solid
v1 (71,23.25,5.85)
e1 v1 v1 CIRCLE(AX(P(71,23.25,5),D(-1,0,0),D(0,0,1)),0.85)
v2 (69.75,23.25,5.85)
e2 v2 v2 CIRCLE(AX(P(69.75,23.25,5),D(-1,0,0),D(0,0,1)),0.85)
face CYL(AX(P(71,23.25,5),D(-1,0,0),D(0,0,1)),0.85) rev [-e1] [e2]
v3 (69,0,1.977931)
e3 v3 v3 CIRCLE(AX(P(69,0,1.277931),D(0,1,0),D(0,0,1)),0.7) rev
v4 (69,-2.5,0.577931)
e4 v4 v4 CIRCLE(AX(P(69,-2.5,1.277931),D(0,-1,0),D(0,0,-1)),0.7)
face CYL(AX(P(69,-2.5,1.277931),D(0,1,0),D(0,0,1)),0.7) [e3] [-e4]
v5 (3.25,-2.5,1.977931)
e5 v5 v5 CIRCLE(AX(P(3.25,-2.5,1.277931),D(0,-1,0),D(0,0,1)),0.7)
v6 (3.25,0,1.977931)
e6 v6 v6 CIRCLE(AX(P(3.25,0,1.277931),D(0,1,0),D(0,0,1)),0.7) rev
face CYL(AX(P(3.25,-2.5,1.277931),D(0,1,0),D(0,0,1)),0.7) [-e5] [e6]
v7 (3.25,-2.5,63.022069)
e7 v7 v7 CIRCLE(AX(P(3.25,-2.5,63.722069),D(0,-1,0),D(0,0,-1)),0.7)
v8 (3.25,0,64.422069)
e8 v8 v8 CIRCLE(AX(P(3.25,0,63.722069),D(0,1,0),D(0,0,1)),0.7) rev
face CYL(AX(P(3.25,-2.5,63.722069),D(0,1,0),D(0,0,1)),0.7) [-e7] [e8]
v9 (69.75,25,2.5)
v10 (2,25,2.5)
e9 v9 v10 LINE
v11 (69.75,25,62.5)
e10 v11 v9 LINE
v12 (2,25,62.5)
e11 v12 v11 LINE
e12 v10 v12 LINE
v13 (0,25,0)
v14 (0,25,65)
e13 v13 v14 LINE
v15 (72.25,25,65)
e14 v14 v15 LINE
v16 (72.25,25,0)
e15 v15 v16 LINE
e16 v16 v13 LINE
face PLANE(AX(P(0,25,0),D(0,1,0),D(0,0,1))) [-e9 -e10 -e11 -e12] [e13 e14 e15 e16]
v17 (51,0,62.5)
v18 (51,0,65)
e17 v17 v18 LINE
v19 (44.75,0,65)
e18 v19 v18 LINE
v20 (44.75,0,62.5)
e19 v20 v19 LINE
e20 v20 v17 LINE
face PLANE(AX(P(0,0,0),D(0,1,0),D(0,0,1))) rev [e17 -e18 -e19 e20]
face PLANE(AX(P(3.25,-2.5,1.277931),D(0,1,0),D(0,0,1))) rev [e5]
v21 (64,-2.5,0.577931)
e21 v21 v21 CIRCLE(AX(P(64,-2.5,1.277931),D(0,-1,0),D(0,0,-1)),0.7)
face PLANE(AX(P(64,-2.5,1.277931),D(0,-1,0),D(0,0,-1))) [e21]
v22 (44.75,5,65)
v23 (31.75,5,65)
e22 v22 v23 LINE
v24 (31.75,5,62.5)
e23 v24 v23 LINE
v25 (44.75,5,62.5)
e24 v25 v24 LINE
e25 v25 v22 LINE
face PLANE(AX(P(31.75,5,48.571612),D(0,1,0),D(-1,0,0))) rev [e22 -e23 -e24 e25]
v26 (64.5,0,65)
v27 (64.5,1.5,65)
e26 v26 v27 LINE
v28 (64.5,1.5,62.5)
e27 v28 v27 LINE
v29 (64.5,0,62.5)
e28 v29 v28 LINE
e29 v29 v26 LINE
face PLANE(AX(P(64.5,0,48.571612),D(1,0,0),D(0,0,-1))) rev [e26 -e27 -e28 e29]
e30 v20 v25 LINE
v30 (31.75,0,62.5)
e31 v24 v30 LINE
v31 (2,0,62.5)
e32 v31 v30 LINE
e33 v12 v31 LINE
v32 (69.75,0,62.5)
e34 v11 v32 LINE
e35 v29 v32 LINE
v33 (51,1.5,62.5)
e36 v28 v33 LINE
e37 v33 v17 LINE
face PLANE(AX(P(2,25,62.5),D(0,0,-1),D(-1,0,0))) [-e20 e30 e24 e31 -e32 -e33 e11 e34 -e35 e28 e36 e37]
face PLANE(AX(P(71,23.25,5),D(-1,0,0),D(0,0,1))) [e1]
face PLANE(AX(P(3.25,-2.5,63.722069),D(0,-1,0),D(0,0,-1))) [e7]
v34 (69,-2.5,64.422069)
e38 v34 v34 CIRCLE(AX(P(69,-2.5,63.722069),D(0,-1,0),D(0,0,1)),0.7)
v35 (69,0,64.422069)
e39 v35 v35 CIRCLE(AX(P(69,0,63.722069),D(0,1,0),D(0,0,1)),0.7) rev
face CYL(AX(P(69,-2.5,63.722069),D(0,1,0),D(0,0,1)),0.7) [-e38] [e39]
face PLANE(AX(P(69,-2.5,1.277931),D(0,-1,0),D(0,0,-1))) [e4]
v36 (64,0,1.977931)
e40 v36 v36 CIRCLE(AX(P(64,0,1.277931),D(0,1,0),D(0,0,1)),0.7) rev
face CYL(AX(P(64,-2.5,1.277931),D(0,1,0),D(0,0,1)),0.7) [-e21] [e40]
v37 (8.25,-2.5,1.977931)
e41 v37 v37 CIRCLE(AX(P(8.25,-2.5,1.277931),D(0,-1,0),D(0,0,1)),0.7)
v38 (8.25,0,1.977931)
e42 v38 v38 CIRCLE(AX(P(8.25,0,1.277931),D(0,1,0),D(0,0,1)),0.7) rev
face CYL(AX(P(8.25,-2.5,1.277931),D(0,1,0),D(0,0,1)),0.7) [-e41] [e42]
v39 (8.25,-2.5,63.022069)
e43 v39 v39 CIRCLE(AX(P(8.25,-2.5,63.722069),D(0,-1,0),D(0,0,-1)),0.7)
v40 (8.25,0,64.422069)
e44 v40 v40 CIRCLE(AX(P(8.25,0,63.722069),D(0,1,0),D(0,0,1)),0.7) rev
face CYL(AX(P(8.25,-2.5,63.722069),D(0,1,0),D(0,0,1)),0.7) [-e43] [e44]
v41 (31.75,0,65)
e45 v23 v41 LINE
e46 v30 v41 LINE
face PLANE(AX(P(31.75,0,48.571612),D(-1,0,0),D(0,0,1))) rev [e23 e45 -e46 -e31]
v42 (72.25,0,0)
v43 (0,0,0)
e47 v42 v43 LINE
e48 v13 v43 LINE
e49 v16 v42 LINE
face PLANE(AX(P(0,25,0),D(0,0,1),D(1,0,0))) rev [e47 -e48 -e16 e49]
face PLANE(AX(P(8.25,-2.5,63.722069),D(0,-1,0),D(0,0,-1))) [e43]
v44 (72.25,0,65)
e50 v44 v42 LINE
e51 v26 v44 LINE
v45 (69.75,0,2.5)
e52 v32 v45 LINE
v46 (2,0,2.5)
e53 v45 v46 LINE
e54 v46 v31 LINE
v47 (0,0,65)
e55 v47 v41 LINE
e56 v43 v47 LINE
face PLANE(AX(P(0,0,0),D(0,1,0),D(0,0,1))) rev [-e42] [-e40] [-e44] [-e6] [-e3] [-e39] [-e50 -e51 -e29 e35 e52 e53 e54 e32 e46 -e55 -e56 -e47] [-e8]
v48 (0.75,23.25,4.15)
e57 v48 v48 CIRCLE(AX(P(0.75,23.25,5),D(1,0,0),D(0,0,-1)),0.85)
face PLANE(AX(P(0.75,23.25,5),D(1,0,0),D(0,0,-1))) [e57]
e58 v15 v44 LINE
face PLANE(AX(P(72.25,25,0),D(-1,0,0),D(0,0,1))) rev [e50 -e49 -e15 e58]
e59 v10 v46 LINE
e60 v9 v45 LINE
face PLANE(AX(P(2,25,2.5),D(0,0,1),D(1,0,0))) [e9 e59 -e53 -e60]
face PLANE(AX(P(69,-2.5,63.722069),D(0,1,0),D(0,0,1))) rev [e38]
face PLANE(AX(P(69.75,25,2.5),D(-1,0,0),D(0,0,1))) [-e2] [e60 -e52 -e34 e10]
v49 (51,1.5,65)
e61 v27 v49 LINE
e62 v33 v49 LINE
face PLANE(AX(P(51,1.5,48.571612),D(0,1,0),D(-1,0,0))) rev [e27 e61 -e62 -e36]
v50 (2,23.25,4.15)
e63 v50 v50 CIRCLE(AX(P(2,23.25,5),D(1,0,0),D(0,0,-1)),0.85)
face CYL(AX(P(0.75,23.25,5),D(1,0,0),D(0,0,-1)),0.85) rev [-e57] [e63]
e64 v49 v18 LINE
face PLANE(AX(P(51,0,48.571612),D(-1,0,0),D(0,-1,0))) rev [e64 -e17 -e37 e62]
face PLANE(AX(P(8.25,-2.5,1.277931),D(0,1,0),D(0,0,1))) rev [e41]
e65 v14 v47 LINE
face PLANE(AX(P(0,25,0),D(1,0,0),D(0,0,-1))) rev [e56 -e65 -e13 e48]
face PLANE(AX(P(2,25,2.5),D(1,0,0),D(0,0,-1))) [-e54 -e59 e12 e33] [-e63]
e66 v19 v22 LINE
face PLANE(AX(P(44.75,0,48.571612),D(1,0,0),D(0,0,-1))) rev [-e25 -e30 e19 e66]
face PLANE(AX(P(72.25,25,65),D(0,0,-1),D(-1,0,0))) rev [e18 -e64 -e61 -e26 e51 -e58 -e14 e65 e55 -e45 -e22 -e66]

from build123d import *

# Parameters (mm, degrees)
SKETCH1_W           = 72.25
SKETCH1_H           = 65
SKETCH1_W_2         = 67.75
SKETCH1_H_2         = 60
BOSS_EXTRUDE1_DEPTH = 25
SKETCH2_W           = 13
SKETCH2_H           = 5
SKETCH2_W_2         = 13.5
SKETCH2_H_2         = 1.5
CUT_EXTRUDE1_DEPTH  = 2.5
SKETCH5_R           = 0.7
BOSS_EXTRUDE2_DEPTH = 2.5
SKETCH7_R           = 0.85
CUT_EXTRUDE3_DEPTH  = 1.25
CUT_EXTRUDE4_START  = -1.25
SKETCH8_R           = 0.85
CUT_EXTRUDE4_DEPTH  = 1.25


with BuildPart() as part:
    # Sketch1 → Boss-Extrude1 (new body)
    with BuildSketch(Plane(origin=(0, 0, 0), x_dir=(1, 0, 0), z_dir=(0, 1, 0))):
        with Locations((36.125, -32.5)):
            Rectangle(SKETCH1_W, SKETCH1_H)
        with Locations((35.875, -32.5)):
            Rectangle(SKETCH1_W_2, SKETCH1_H_2, mode=Mode.SUBTRACT)
    extrude(amount=BOSS_EXTRUDE1_DEPTH)

    # Sketch2 → Cut-Extrude1 (cut)
    with BuildSketch(Plane.XY.offset(65)):
        with Locations((38.25, 2.5)):
            Rectangle(SKETCH2_W, SKETCH2_H)
        with Locations((57.75, 0.75)):
            Rectangle(SKETCH2_W_2, SKETCH2_H_2)
    extrude(amount=-CUT_EXTRUDE1_DEPTH, mode=Mode.SUBTRACT)

    # Sketch5 → Boss-Extrude2 (add)
    with BuildSketch(Plane.XZ):
        with Locations(Location((3.25, 63.722069184, 0), (0, 0, 90))):
            Circle(SKETCH5_R)
        with Locations(Location((8.25, 63.722069184, 0), (0, 0, 90))):
            Circle(SKETCH5_R)
        with Locations(Location((3.25, 1.277930816, 0), (0, 0, 90))):
            Circle(SKETCH5_R)
        with Locations(Location((8.25, 1.277930816, 0), (0, 0, 90))):
            Circle(SKETCH5_R)
        with Locations(Location((69, 63.722069184, 0), (0, 0, 90))):
            Circle(SKETCH5_R)
        with Locations(Location((69, 1.277930816, 0), (0, 0, 90))):
            Circle(SKETCH5_R)
        with Locations(Location((64, 1.277930816, 0), (0, 0, 90))):
            Circle(SKETCH5_R)
    extrude(amount=BOSS_EXTRUDE2_DEPTH)

    # Sketch7 → Cut-Extrude3 (cut)
    with BuildSketch(Plane.ZY.offset(-69.75)):
        with Locations((5, 23.25)):
            Circle(SKETCH7_R)
    extrude(amount=-CUT_EXTRUDE3_DEPTH, mode=Mode.SUBTRACT)

    # Sketch8 → Cut-Extrude4 (cut)
    with BuildSketch(Plane(origin=(2, 0, 0), x_dir=(0, 0, -1), z_dir=(1, 0, 0)).offset(CUT_EXTRUDE4_START)):
        with Locations(Location((-5, 23.25, 0), (0, 0, 180))):
            Circle(SKETCH8_R)
    extrude(amount=CUT_EXTRUDE4_DEPTH, mode=Mode.SUBTRACT)


solid = part.part
